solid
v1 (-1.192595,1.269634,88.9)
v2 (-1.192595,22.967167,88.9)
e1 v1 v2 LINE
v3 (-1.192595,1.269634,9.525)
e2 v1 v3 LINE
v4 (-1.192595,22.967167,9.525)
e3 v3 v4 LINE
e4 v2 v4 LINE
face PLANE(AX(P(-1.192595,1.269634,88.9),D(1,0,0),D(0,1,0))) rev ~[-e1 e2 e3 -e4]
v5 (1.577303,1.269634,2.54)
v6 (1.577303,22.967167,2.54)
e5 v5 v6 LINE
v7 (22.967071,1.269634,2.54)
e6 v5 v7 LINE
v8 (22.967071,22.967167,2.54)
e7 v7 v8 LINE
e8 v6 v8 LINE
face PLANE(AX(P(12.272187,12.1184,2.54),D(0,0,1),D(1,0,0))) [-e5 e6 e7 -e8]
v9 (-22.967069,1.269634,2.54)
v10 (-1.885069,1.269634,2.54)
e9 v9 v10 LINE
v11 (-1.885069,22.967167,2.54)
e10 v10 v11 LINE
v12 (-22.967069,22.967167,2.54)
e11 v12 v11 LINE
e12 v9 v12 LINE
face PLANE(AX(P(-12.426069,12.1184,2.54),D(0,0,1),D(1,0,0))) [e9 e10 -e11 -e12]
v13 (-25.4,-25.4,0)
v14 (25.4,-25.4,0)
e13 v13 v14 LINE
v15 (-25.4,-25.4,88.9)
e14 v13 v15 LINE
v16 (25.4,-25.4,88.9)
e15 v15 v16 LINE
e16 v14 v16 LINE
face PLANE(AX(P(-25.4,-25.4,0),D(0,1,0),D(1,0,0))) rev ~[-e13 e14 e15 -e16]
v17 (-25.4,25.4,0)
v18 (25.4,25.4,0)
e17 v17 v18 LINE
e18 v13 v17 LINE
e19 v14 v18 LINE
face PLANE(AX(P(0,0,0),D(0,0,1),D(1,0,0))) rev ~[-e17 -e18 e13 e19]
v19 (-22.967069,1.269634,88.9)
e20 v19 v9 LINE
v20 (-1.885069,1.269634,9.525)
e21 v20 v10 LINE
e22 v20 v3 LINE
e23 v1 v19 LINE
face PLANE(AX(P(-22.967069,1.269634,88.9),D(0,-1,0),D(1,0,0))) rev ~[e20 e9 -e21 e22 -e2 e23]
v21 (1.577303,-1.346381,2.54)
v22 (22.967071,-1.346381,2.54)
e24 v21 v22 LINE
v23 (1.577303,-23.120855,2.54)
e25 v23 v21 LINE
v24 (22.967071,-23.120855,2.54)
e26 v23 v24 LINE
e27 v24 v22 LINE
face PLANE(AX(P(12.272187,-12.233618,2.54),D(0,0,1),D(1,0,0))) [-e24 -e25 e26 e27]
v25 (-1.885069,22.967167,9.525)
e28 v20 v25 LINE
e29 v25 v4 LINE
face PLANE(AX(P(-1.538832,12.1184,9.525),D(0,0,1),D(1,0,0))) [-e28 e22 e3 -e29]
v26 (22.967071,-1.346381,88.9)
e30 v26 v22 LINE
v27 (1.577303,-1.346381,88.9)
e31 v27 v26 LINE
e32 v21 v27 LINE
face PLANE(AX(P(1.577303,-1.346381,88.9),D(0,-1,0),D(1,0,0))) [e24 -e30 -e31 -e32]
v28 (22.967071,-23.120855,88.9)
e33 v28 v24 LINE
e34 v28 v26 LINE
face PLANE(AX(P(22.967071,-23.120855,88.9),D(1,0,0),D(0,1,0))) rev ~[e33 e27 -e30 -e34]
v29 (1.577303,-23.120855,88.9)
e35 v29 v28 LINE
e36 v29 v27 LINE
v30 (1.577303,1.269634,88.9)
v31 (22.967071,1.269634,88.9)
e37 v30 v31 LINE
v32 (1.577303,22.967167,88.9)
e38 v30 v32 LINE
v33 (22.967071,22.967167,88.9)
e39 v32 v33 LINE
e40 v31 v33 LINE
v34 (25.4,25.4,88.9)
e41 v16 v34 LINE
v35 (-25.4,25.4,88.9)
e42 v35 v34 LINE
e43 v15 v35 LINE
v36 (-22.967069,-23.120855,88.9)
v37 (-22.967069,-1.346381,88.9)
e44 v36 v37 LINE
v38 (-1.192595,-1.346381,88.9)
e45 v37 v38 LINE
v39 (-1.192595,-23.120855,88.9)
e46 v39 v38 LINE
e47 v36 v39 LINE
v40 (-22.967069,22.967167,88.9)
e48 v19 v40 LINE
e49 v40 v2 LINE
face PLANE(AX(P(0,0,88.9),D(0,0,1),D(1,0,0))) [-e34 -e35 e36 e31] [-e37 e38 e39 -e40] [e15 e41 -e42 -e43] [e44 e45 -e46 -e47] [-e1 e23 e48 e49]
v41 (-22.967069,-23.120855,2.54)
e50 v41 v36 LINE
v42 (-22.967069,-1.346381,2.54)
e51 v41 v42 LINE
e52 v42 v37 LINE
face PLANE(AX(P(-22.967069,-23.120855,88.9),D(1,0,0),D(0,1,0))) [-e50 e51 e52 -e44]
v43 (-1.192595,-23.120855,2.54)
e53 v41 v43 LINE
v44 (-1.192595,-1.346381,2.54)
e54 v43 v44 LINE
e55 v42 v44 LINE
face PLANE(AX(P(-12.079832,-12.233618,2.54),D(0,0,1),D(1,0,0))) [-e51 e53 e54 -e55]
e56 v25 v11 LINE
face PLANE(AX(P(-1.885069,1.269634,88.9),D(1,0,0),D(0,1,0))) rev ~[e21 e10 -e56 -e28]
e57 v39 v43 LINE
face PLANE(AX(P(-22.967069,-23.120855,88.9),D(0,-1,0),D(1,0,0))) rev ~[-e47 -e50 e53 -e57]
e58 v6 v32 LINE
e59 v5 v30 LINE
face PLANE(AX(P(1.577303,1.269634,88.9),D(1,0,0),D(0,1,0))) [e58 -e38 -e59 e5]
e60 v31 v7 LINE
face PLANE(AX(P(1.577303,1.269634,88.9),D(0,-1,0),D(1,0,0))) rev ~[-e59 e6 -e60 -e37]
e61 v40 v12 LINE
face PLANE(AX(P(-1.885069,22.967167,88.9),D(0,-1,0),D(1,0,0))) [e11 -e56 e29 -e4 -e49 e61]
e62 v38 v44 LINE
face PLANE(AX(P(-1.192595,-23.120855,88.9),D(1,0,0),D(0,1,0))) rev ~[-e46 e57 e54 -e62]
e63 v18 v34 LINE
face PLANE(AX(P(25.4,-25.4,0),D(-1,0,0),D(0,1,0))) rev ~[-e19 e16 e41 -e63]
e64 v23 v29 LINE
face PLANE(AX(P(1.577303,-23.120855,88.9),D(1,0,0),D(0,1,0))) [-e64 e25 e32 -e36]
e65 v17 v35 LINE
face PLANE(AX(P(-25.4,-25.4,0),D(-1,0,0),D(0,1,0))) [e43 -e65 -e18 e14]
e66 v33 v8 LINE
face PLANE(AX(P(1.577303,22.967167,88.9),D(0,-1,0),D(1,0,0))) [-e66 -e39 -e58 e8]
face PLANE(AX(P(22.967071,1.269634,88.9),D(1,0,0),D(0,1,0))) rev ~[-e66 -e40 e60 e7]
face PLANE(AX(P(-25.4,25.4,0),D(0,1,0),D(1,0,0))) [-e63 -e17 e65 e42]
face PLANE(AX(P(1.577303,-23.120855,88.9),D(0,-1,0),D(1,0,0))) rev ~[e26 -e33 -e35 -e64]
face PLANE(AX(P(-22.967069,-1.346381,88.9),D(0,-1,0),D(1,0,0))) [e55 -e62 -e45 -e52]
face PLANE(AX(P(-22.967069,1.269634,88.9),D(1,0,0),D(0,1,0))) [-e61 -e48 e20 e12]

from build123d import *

# Parameters (mm, degrees)
F0_W     = 50.8
F0_H     = 50.8
F1_DEPTH = 88.9
F2_W     = 21.774474
F2_H     = 21.774474
F2_W_2   = 21.389768
F2_H_2   = 21.697533
F3_DEPTH = 79.375
F2_W_3   = 21.082
F4_DEPTH = 86.36
F5_W     = 0.692474
F5_H     = 21.697533
F6_DEPTH = 79.375


with BuildPart() as f1:
    # F0 (on Top) → F1 (new body)
    with BuildSketch(Plane.XY):
        Rectangle(F0_W, F0_H)
    extrude(amount=F1_DEPTH)

    # F2 (on face) → F3 (cut)
    with BuildSketch(Plane.XY.offset(88.9)):
        with Locations((-12.079832, -12.233618)):
            Rectangle(F2_W, F2_H)
        with Locations((12.272187, -12.233618)):
            Rectangle(F2_W_2, F2_H)
        with Locations((12.272187, 12.1184)):
            Rectangle(F2_W_2, F2_H_2)
    extrude(amount=-F3_DEPTH, mode=Mode.SUBTRACT)

    # F2 (on face) → F4 (cut)
    with BuildSketch(Plane.XY.offset(88.9)):
        with Locations((-12.426069, 12.1184)):
            Rectangle(F2_W_3, F2_H_2)
        with Locations((-12.079832, -12.233618)):
            Rectangle(F2_W, F2_H)
        with Locations((12.272187, -12.233618)):
            Rectangle(F2_W_2, F2_H)
        with Locations((12.272187, 12.1184)):
            Rectangle(F2_W_2, F2_H_2)
    extrude(amount=-F4_DEPTH, mode=Mode.SUBTRACT)

    # F5 (on face) → F6 (cut)
    with BuildSketch(Plane.XY.offset(88.9)):
        with Locations((-1.538832, 12.1184)):
            Rectangle(F5_W, F5_H)
    extrude(amount=-F6_DEPTH, mode=Mode.SUBTRACT)


solid = f1.part
